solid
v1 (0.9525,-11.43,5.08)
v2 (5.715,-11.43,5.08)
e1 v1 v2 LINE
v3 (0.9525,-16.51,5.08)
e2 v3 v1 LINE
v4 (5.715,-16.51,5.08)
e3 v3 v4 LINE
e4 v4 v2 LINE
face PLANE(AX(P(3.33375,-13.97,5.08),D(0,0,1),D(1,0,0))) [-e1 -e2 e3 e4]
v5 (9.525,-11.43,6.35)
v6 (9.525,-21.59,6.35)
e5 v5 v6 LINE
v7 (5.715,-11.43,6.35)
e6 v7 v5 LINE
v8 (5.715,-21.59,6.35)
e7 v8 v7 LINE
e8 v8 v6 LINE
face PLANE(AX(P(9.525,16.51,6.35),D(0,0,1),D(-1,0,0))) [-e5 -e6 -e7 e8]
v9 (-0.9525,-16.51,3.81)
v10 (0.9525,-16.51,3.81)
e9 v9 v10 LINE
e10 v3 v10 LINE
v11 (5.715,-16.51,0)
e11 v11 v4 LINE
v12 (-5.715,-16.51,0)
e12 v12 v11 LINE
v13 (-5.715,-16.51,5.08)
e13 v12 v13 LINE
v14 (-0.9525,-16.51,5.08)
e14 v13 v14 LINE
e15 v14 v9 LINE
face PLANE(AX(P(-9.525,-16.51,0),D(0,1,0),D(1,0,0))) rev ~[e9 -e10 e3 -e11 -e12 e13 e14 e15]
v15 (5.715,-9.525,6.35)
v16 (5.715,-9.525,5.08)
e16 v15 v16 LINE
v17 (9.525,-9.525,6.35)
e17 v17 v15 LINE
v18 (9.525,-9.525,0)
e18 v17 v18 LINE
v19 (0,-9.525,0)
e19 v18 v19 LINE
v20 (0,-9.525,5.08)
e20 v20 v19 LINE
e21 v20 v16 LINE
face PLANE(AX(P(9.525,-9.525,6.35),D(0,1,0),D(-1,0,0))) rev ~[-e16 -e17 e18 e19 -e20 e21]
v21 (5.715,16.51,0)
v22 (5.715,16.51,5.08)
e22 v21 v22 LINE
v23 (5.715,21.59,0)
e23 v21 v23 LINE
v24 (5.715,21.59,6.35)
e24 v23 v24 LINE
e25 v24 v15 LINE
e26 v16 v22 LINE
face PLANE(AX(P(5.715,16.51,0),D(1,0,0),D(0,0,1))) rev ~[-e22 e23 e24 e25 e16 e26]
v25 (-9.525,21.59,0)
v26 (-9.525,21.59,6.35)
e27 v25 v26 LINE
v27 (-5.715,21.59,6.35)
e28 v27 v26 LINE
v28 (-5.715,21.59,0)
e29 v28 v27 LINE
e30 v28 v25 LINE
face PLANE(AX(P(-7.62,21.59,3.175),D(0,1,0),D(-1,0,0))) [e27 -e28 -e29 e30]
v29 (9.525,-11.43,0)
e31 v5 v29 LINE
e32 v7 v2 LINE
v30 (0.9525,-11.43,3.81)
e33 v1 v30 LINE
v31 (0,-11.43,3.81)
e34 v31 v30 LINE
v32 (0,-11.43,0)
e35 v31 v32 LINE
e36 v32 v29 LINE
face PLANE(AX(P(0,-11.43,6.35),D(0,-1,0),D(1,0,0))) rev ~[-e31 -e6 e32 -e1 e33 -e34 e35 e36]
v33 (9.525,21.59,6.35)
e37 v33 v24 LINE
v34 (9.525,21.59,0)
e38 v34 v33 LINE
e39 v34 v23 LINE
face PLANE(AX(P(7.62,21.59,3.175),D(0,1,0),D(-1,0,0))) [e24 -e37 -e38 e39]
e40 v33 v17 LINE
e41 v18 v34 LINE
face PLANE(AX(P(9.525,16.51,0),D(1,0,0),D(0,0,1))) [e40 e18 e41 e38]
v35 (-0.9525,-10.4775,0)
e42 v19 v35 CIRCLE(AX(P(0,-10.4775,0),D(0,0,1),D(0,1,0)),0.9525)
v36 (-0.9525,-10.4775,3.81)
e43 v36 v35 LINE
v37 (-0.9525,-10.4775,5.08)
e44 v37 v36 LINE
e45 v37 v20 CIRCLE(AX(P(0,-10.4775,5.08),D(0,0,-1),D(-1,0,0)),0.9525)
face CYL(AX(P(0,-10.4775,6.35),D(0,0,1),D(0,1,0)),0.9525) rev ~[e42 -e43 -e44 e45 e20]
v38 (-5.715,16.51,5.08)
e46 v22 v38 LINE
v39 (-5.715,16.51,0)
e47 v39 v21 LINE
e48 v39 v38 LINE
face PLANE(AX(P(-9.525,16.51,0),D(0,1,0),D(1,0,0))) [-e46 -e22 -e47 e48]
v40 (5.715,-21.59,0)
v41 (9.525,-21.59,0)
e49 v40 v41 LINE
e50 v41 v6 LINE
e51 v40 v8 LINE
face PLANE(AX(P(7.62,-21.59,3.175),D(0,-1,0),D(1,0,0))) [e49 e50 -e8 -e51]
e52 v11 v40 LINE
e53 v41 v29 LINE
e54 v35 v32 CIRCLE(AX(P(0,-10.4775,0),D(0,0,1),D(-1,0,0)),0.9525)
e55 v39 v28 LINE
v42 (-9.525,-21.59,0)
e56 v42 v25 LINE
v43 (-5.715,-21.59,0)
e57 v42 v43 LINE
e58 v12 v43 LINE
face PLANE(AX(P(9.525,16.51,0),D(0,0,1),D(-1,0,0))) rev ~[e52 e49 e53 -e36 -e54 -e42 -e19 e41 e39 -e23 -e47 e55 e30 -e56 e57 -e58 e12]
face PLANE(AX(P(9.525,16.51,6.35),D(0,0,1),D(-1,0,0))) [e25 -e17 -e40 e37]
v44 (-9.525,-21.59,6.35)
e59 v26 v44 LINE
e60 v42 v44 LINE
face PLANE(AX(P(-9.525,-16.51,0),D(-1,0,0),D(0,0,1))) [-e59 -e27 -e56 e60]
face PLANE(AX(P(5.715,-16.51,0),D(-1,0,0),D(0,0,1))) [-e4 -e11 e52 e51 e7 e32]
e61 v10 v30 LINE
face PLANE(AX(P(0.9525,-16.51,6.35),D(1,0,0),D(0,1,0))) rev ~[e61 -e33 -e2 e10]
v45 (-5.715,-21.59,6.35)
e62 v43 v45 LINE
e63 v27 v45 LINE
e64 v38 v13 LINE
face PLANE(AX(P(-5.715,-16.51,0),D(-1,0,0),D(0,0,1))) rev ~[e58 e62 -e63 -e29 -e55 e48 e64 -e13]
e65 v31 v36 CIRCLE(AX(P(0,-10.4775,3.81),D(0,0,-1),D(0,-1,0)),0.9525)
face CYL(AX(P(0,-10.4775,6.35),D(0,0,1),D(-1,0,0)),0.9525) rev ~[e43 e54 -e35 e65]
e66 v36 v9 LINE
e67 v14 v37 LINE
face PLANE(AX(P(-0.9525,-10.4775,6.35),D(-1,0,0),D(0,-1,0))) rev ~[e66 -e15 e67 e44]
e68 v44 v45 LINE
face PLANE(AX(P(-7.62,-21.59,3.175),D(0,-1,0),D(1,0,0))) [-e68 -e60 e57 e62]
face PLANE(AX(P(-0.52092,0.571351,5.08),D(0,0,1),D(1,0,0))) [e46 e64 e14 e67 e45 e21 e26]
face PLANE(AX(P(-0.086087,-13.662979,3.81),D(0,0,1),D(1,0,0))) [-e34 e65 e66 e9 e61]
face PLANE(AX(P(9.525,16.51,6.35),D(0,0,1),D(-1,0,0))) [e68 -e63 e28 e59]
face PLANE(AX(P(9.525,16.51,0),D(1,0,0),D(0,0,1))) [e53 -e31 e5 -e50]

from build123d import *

# Parameters (mm, degrees)
F0_W     = 19.05
F0_H     = 33.02
F1_DEPTH = 6.35
F2_W     = 3.81
F2_H     = 6.35
F3_DEPTH = 5.08
F4_W     = 3.81
F4_H     = 6.35
F5_DEPTH = 5.08
F7_DEPTH = 2.54
F6_W     = 3.81
F6_H     = 1.905
F8_DEPTH = 6.35
F6_W_2   = 4.7625
F6_H_2   = 5.08
F9_DEPTH = 1.27


with BuildPart() as f1:
    # F0 (on Top) → F1 (new body)
    with BuildSketch(Plane.XY):
        Rectangle(F0_W, F0_H)
    extrude(amount=F1_DEPTH)

    # F2 (on face) → F3 (join)
    with BuildSketch(Plane.XZ.offset(16.51)):
        with Locations((-7.62, 3.175)):
            Rectangle(F2_W, F2_H)
        with Locations((7.62, 3.175)):
            Rectangle(F2_W, F2_H)
    extrude(amount=F3_DEPTH)

    # F4 (on face) → F5 (join)
    with BuildSketch(Plane(origin=(0, 16.51, 0), x_dir=(-1, 0, 0), z_dir=(0, 1, 0))):
        with Locations((-7.62, 3.175)):
            Rectangle(F4_W, F4_H)
        with Locations((7.62, 3.175)):
            Rectangle(F4_W, F4_H)
    extrude(amount=F5_DEPTH)

    # F6 (on face) → F7 (cut)
    with BuildSketch(Plane.XY.offset(6.35)):
        with BuildLine():
            Line((-0.9525, -16.51), (0.9525, -16.51))
            Line((0.9525, -16.51), (0.9525, -11.43))
            Line((0.9525, -11.43), (0, -11.43))
            ThreePointArc((0, -11.43), (-0.6735192091, -11.1510192091), (-0.9525, -10.4775))
            Line((-0.9525, -10.4775), (-0.9525, -16.51))
        make_face()
        with BuildLine():
            Line((0, -11.43), (0.9525, -11.43))
            Line((0.9525, -11.43), (0.9525, -10.4775))
            ThreePointArc((0.9525, -10.4775), (0.6735192091, -11.1510192091), (0, -11.43))
        make_face()
    extrude(amount=-F7_DEPTH, mode=Mode.SUBTRACT)

    # F6 (on face) → F8 (cut)
    with BuildSketch(Plane.XY.offset(6.35)):
        with BuildLine():
            Line((0, -10.4775), (0, -9.525))
            ThreePointArc((0, -9.525), (-0.6735192091, -9.8039807909), (-0.9525, -10.4775))
            Line((-0.9525, -10.4775), (0, -10.4775))
        make_face()
        with BuildLine():
            ThreePointArc((-0.9525, -10.4775), (-0.6735192091, -11.1510192091), (0, -11.43))
            Line((0, -11.43), (0, -10.4775))
            Line((0, -10.4775), (-0.9525, -10.4775))
        make_face()
        with BuildLine():
            ThreePointArc((0.9525, -10.4775), (0.6735192091, -9.8039807909), (0, -9.525))
            Line((0, -9.525), (0, -10.4775))
            Line((0, -10.4775), (0.9525, -10.4775))
        make_face()
        with BuildLine():
            Line((0, -10.4775), (0, -11.43))
            ThreePointArc((0, -11.43), (0.6735192091, -11.1510192091), (0.9525, -10.4775))
            Line((0.9525, -10.4775), (0, -10.4775))
        make_face()
        with BuildLine():
            Line((0.9525, -11.43), (5.715, -11.43))
            Line((5.715, -11.43), (5.715, -9.525))
            Line((5.715, -9.525), (0, -9.525))
            ThreePointArc((0, -9.525), (0.6735192091, -9.8039807909), (0.9525, -10.4775))
            Line((0.9525, -10.4775), (0.9525, -11.43))
        make_face()
        with Locations((7.62, -10.4775)):
            Rectangle(F6_W, F6_H)
        with BuildLine():
            Line((0, -11.43), (0.9525, -11.43))
            Line((0.9525, -11.43), (0.9525, -10.4775))
            ThreePointArc((0.9525, -10.4775), (0.6735192091, -11.1510192091), (0, -11.43))
        make_face()
    extrude(amount=-F8_DEPTH, mode=Mode.SUBTRACT)

    # F6 (on face) → F9 (cut)
    with BuildSketch(Plane.XY.offset(6.35)):
        with BuildLine():
            Line((0, -9.525), (5.715, -9.525))
            Line((5.715, -9.525), (5.715, 16.51))
            Line((5.715, 16.51), (-5.715, 16.51))
            Line((-5.715, 16.51), (-5.715, -16.51))
            Line((-5.715, -16.51), (-0.9525, -16.51))
            Line((-0.9525, -16.51), (-0.9525, -10.4775))
            ThreePointArc((-0.9525, -10.4775), (-0.6735192091, -9.8039807909), (0, -9.525))
        make_face()
        with Locations((3.33375, -13.97)):
            Rectangle(F6_W_2, F6_H_2)
    extrude(amount=-F9_DEPTH, mode=Mode.SUBTRACT)


solid = f1.part
